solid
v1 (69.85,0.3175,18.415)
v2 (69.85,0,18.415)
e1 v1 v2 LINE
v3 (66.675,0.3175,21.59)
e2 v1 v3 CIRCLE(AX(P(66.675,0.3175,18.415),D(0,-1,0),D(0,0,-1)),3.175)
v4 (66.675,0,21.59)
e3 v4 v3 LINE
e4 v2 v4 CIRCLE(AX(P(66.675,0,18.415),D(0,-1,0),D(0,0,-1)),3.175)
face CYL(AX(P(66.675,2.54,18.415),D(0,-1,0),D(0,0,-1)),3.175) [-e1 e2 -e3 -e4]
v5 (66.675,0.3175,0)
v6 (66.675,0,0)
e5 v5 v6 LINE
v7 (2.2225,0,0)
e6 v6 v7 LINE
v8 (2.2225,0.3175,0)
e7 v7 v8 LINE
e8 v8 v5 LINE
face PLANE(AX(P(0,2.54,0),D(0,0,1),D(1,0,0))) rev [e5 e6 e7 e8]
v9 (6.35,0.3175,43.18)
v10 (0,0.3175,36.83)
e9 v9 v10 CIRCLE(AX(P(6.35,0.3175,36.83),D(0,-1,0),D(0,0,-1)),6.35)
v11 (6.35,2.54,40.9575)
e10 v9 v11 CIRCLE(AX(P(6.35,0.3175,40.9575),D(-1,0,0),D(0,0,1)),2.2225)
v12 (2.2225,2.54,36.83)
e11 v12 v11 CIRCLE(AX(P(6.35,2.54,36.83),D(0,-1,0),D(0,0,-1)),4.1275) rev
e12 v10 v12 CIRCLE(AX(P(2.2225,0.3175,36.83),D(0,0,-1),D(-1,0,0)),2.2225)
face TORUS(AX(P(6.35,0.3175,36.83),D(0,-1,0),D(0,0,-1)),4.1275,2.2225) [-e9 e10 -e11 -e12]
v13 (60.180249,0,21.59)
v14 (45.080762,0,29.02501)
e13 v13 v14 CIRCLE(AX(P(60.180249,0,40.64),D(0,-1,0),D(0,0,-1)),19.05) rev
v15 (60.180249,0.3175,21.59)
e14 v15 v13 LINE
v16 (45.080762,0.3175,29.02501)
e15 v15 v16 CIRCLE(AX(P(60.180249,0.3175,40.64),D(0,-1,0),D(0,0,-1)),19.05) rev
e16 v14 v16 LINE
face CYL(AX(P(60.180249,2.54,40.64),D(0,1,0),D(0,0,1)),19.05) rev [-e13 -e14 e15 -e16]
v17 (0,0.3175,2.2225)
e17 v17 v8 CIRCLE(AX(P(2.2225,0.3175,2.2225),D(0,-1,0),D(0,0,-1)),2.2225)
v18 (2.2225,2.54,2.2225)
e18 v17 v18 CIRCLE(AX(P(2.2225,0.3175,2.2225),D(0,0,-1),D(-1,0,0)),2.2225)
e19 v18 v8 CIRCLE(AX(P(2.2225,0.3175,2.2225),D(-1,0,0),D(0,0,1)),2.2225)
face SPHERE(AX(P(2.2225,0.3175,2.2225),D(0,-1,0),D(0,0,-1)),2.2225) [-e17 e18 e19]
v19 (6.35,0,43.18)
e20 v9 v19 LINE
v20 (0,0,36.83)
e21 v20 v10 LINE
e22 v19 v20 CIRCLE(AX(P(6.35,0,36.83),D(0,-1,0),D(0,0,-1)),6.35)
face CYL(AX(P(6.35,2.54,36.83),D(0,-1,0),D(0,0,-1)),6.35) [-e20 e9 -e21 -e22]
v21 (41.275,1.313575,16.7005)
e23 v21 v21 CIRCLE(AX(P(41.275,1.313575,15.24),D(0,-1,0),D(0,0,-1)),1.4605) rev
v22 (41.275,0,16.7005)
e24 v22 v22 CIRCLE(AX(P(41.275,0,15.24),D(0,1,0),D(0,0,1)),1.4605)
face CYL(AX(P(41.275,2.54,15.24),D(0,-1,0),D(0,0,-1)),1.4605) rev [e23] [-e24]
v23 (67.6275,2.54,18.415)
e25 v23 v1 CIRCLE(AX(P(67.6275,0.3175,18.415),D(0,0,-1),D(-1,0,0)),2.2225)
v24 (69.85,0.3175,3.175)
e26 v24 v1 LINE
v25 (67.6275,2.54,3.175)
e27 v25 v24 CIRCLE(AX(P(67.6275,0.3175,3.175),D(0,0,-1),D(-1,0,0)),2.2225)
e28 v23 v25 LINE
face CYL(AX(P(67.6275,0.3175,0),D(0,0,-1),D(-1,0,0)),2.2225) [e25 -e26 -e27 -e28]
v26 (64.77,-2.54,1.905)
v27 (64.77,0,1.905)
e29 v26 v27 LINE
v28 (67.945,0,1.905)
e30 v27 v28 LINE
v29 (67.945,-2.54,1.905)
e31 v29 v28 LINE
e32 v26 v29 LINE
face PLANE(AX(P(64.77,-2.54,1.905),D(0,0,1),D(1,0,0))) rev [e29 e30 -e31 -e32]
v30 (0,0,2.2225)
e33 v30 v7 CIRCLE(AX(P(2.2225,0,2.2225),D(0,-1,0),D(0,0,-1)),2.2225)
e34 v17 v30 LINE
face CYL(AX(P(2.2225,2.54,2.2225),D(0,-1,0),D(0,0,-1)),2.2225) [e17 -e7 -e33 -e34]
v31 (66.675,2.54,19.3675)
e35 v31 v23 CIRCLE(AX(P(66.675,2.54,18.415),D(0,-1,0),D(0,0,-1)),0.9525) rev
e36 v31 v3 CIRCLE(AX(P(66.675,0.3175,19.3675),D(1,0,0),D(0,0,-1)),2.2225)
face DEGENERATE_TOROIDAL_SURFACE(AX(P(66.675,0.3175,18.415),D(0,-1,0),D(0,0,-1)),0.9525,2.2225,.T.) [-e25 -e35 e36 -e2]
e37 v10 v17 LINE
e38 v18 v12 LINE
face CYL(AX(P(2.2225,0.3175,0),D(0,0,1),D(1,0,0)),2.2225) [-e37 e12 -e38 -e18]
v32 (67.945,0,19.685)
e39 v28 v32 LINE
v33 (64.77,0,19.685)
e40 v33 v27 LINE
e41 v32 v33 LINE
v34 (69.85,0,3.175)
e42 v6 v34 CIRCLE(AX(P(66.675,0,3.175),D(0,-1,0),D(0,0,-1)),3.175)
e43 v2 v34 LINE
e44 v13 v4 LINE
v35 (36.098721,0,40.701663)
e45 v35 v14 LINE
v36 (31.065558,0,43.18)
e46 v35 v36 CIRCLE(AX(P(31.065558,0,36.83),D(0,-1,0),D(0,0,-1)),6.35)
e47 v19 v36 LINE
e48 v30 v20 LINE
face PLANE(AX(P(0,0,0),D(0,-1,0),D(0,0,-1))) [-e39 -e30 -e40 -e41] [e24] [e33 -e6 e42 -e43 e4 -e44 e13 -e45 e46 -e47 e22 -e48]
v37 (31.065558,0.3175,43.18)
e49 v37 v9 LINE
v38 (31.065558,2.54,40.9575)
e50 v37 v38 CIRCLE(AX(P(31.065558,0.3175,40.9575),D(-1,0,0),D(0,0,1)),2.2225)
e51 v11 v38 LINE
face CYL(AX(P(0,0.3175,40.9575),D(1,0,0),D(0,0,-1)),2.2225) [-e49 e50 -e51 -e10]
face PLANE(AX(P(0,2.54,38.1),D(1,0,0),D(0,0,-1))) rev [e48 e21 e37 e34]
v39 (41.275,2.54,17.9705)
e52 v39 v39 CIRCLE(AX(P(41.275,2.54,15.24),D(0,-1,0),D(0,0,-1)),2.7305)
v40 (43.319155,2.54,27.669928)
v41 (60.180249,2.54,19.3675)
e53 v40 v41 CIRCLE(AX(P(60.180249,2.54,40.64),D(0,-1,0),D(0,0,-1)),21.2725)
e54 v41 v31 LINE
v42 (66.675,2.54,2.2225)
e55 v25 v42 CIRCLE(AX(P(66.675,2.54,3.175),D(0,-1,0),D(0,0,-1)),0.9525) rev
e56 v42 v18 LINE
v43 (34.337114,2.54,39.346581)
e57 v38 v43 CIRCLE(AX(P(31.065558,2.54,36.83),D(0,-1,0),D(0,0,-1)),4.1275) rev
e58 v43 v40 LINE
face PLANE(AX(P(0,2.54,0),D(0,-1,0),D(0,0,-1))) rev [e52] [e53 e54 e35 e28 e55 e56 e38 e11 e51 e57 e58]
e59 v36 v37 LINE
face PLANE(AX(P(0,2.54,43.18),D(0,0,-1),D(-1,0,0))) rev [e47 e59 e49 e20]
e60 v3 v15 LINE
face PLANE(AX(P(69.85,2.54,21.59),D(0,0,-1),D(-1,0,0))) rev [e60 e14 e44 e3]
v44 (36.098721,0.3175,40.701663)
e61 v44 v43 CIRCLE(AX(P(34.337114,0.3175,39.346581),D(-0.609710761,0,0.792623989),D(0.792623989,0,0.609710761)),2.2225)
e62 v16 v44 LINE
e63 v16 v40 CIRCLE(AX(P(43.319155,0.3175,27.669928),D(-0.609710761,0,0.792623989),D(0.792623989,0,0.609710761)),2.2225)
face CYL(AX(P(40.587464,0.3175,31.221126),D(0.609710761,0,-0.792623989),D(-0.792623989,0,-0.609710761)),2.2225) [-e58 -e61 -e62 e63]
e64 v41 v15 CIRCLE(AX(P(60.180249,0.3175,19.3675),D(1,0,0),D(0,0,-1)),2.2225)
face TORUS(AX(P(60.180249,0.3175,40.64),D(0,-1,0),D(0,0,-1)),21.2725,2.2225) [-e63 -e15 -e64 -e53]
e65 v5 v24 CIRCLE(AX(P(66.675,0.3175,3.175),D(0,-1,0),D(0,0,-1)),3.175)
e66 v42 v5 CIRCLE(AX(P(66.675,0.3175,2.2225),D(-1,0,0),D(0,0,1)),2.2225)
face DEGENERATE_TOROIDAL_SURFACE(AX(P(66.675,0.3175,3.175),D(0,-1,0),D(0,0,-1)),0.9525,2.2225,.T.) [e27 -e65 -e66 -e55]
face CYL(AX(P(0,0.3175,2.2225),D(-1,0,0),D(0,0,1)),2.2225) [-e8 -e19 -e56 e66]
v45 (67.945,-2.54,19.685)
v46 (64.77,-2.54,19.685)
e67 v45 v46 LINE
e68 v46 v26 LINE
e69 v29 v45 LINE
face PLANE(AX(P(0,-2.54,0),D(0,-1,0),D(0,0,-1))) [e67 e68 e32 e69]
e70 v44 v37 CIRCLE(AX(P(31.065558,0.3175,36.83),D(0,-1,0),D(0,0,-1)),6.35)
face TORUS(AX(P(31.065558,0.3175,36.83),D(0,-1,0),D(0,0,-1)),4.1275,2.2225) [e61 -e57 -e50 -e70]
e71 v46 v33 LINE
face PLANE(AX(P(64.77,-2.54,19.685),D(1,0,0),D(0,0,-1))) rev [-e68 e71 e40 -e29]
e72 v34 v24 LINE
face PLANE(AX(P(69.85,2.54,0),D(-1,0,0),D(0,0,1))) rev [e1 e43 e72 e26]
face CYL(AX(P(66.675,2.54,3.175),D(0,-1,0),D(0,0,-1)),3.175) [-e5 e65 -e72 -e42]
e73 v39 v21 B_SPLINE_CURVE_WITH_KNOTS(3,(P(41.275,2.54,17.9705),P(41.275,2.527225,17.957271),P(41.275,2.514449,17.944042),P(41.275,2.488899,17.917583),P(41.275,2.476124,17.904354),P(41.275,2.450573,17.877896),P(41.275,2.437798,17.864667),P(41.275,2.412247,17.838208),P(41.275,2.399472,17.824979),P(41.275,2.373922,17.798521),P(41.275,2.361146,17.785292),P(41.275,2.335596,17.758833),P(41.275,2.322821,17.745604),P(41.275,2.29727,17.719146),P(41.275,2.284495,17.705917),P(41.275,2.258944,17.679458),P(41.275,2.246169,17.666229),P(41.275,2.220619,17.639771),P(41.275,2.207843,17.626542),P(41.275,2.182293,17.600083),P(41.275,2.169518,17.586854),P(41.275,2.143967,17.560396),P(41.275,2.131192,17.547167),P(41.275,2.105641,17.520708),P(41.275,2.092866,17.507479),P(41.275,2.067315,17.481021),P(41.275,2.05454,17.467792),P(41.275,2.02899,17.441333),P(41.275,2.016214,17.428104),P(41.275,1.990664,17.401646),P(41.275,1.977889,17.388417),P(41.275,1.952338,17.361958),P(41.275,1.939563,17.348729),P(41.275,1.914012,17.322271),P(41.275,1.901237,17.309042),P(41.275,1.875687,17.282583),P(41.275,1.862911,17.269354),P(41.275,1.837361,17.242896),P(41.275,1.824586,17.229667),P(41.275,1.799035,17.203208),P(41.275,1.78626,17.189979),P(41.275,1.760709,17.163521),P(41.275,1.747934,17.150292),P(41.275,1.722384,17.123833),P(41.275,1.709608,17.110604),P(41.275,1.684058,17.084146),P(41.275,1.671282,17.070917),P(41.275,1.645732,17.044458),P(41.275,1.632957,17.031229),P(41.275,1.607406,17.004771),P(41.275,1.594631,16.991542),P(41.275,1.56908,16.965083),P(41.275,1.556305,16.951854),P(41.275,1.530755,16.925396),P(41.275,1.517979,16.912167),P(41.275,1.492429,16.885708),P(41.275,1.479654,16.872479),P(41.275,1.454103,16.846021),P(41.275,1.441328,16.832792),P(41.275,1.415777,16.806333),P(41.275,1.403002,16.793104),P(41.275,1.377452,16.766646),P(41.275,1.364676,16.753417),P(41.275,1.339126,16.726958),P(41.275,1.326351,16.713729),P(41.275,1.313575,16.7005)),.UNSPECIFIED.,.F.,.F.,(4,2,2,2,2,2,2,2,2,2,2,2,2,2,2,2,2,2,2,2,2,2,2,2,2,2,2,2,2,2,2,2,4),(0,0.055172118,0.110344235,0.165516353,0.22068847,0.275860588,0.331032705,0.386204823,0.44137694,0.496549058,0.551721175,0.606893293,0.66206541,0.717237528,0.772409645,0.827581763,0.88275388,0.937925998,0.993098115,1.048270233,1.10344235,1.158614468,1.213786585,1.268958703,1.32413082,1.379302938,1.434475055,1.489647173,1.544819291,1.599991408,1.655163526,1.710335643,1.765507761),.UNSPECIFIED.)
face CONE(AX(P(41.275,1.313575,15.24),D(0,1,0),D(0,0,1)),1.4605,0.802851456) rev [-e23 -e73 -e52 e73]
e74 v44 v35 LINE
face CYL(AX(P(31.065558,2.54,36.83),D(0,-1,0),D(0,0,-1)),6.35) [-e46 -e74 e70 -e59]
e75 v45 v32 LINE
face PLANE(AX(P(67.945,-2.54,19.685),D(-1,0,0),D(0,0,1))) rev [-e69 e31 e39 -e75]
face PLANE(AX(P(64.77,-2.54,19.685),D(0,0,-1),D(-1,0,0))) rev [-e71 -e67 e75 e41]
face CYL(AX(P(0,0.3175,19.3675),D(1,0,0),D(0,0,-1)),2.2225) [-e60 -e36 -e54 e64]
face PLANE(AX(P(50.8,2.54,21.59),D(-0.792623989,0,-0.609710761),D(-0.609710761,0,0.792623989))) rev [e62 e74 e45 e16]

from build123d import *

# Parameters (mm, degrees)
SKETCH1_R           = 1.4605
BOSS_EXTRUDE1_DEPTH = 2.54
SKETCH12_W          = 3.175
SKETCH12_H          = 17.78
BOSS_EXTRUDE7_DEPTH = 2.54
FILLET6_R           = 19.05
FILLET7_R           = 6.35
FILLET8_R           = 3.175
FILLET9_R           = 2.2225
CHAMFER1_SIZE       = 1.27
CHAMFER1_SIZE2      = 1.226424744
FILLET10_R          = 2.2225


with BuildPart() as part:
    # Sketch1 → Boss-Extrude1 (new body)
    with BuildSketch(Plane(origin=(0, 0, 0), x_dir=(1, 0, 0), z_dir=(0, 1, 0))):
        Polygon((0, 0), (69.85, 0), (69.85, -21.59), (50.8, -21.59), (38.1, -38.1), (34.192307692, -43.18), (0, -43.18), (0, -38.1), align=None)
        with Locations(Location((41.275, -15.24, 0), (0, 0, 270))):
            Circle(SKETCH1_R, mode=Mode.SUBTRACT)
    extrude(amount=BOSS_EXTRUDE1_DEPTH)

    # Sketch12 → Boss-Extrude7 (add)
    with BuildSketch(Plane.XZ):
        with Locations((66.3575, 10.795)):
            Rectangle(SKETCH12_W, SKETCH12_H)
    extrude(amount=BOSS_EXTRUDE7_DEPTH)

    # Fillet6
    fillet6_edges = [part.edges().sort_by_distance(p)[0] for p in [
        (50.8, 1.27, 21.59),
    ]]
    fillet(fillet6_edges, radius=FILLET6_R)

    # Fillet7
    fillet7_edges = [part.edges().sort_by_distance(p)[0] for p in [
        (34.192307692, 1.27, 43.18),
        (0, 1.27, 43.18),
    ]]
    fillet(fillet7_edges, radius=FILLET7_R)

    # Fillet8
    fillet8_edges = [part.edges().sort_by_distance(p)[0] for p in [
        (69.85, 1.27, 0),
        (69.85, 1.27, 21.59),
    ]]
    fillet(fillet8_edges, radius=FILLET8_R)

    # Fillet9
    fillet9_edges = [part.edges().sort_by_distance(p)[0] for p in [
        (0, 1.27, 0),
    ]]
    fillet(fillet9_edges, radius=FILLET9_R)

    # Chamfer1
    chamfer1_edges = [part.edges().sort_by_distance(p)[0] for p in [
        (41.275, 2.54, 13.7795),
    ]]
    chamfer1_side = [part.faces().sort_by_distance(p)[0] for p in [
        (29.97778843, 2.54, 18.654075923),
    ]]
    chamfer(chamfer1_edges, length=CHAMFER1_SIZE, length2=CHAMFER1_SIZE2, reference=chamfer1_side[0])

    # Fillet10
    fillet10_edges = [part.edges().sort_by_distance(p)[0] for p in [
        (63.427624263, 2.54, 21.59),
        (51.764877453, 2.54, 23.549533953),
        (18.707779092, 2.54, 43.18),
        (40.589741024, 2.54, 34.863336669),
        (33.870681875, 2.54, 42.526822016),
        (1.859871939, 2.54, 41.320128061),
        (34.44875, 2.54, 0),
        (69.85, 2.54, 10.795),
        (68.92006403, 2.54, 20.66006403),
        (68.92006403, 2.54, 0.92993597),
        (0, 2.54, 19.52625),
        (0.650955179, 2.54, 0.650955179),
    ]]
    fillet(fillet10_edges, radius=FILLET10_R)


solid = part.part
